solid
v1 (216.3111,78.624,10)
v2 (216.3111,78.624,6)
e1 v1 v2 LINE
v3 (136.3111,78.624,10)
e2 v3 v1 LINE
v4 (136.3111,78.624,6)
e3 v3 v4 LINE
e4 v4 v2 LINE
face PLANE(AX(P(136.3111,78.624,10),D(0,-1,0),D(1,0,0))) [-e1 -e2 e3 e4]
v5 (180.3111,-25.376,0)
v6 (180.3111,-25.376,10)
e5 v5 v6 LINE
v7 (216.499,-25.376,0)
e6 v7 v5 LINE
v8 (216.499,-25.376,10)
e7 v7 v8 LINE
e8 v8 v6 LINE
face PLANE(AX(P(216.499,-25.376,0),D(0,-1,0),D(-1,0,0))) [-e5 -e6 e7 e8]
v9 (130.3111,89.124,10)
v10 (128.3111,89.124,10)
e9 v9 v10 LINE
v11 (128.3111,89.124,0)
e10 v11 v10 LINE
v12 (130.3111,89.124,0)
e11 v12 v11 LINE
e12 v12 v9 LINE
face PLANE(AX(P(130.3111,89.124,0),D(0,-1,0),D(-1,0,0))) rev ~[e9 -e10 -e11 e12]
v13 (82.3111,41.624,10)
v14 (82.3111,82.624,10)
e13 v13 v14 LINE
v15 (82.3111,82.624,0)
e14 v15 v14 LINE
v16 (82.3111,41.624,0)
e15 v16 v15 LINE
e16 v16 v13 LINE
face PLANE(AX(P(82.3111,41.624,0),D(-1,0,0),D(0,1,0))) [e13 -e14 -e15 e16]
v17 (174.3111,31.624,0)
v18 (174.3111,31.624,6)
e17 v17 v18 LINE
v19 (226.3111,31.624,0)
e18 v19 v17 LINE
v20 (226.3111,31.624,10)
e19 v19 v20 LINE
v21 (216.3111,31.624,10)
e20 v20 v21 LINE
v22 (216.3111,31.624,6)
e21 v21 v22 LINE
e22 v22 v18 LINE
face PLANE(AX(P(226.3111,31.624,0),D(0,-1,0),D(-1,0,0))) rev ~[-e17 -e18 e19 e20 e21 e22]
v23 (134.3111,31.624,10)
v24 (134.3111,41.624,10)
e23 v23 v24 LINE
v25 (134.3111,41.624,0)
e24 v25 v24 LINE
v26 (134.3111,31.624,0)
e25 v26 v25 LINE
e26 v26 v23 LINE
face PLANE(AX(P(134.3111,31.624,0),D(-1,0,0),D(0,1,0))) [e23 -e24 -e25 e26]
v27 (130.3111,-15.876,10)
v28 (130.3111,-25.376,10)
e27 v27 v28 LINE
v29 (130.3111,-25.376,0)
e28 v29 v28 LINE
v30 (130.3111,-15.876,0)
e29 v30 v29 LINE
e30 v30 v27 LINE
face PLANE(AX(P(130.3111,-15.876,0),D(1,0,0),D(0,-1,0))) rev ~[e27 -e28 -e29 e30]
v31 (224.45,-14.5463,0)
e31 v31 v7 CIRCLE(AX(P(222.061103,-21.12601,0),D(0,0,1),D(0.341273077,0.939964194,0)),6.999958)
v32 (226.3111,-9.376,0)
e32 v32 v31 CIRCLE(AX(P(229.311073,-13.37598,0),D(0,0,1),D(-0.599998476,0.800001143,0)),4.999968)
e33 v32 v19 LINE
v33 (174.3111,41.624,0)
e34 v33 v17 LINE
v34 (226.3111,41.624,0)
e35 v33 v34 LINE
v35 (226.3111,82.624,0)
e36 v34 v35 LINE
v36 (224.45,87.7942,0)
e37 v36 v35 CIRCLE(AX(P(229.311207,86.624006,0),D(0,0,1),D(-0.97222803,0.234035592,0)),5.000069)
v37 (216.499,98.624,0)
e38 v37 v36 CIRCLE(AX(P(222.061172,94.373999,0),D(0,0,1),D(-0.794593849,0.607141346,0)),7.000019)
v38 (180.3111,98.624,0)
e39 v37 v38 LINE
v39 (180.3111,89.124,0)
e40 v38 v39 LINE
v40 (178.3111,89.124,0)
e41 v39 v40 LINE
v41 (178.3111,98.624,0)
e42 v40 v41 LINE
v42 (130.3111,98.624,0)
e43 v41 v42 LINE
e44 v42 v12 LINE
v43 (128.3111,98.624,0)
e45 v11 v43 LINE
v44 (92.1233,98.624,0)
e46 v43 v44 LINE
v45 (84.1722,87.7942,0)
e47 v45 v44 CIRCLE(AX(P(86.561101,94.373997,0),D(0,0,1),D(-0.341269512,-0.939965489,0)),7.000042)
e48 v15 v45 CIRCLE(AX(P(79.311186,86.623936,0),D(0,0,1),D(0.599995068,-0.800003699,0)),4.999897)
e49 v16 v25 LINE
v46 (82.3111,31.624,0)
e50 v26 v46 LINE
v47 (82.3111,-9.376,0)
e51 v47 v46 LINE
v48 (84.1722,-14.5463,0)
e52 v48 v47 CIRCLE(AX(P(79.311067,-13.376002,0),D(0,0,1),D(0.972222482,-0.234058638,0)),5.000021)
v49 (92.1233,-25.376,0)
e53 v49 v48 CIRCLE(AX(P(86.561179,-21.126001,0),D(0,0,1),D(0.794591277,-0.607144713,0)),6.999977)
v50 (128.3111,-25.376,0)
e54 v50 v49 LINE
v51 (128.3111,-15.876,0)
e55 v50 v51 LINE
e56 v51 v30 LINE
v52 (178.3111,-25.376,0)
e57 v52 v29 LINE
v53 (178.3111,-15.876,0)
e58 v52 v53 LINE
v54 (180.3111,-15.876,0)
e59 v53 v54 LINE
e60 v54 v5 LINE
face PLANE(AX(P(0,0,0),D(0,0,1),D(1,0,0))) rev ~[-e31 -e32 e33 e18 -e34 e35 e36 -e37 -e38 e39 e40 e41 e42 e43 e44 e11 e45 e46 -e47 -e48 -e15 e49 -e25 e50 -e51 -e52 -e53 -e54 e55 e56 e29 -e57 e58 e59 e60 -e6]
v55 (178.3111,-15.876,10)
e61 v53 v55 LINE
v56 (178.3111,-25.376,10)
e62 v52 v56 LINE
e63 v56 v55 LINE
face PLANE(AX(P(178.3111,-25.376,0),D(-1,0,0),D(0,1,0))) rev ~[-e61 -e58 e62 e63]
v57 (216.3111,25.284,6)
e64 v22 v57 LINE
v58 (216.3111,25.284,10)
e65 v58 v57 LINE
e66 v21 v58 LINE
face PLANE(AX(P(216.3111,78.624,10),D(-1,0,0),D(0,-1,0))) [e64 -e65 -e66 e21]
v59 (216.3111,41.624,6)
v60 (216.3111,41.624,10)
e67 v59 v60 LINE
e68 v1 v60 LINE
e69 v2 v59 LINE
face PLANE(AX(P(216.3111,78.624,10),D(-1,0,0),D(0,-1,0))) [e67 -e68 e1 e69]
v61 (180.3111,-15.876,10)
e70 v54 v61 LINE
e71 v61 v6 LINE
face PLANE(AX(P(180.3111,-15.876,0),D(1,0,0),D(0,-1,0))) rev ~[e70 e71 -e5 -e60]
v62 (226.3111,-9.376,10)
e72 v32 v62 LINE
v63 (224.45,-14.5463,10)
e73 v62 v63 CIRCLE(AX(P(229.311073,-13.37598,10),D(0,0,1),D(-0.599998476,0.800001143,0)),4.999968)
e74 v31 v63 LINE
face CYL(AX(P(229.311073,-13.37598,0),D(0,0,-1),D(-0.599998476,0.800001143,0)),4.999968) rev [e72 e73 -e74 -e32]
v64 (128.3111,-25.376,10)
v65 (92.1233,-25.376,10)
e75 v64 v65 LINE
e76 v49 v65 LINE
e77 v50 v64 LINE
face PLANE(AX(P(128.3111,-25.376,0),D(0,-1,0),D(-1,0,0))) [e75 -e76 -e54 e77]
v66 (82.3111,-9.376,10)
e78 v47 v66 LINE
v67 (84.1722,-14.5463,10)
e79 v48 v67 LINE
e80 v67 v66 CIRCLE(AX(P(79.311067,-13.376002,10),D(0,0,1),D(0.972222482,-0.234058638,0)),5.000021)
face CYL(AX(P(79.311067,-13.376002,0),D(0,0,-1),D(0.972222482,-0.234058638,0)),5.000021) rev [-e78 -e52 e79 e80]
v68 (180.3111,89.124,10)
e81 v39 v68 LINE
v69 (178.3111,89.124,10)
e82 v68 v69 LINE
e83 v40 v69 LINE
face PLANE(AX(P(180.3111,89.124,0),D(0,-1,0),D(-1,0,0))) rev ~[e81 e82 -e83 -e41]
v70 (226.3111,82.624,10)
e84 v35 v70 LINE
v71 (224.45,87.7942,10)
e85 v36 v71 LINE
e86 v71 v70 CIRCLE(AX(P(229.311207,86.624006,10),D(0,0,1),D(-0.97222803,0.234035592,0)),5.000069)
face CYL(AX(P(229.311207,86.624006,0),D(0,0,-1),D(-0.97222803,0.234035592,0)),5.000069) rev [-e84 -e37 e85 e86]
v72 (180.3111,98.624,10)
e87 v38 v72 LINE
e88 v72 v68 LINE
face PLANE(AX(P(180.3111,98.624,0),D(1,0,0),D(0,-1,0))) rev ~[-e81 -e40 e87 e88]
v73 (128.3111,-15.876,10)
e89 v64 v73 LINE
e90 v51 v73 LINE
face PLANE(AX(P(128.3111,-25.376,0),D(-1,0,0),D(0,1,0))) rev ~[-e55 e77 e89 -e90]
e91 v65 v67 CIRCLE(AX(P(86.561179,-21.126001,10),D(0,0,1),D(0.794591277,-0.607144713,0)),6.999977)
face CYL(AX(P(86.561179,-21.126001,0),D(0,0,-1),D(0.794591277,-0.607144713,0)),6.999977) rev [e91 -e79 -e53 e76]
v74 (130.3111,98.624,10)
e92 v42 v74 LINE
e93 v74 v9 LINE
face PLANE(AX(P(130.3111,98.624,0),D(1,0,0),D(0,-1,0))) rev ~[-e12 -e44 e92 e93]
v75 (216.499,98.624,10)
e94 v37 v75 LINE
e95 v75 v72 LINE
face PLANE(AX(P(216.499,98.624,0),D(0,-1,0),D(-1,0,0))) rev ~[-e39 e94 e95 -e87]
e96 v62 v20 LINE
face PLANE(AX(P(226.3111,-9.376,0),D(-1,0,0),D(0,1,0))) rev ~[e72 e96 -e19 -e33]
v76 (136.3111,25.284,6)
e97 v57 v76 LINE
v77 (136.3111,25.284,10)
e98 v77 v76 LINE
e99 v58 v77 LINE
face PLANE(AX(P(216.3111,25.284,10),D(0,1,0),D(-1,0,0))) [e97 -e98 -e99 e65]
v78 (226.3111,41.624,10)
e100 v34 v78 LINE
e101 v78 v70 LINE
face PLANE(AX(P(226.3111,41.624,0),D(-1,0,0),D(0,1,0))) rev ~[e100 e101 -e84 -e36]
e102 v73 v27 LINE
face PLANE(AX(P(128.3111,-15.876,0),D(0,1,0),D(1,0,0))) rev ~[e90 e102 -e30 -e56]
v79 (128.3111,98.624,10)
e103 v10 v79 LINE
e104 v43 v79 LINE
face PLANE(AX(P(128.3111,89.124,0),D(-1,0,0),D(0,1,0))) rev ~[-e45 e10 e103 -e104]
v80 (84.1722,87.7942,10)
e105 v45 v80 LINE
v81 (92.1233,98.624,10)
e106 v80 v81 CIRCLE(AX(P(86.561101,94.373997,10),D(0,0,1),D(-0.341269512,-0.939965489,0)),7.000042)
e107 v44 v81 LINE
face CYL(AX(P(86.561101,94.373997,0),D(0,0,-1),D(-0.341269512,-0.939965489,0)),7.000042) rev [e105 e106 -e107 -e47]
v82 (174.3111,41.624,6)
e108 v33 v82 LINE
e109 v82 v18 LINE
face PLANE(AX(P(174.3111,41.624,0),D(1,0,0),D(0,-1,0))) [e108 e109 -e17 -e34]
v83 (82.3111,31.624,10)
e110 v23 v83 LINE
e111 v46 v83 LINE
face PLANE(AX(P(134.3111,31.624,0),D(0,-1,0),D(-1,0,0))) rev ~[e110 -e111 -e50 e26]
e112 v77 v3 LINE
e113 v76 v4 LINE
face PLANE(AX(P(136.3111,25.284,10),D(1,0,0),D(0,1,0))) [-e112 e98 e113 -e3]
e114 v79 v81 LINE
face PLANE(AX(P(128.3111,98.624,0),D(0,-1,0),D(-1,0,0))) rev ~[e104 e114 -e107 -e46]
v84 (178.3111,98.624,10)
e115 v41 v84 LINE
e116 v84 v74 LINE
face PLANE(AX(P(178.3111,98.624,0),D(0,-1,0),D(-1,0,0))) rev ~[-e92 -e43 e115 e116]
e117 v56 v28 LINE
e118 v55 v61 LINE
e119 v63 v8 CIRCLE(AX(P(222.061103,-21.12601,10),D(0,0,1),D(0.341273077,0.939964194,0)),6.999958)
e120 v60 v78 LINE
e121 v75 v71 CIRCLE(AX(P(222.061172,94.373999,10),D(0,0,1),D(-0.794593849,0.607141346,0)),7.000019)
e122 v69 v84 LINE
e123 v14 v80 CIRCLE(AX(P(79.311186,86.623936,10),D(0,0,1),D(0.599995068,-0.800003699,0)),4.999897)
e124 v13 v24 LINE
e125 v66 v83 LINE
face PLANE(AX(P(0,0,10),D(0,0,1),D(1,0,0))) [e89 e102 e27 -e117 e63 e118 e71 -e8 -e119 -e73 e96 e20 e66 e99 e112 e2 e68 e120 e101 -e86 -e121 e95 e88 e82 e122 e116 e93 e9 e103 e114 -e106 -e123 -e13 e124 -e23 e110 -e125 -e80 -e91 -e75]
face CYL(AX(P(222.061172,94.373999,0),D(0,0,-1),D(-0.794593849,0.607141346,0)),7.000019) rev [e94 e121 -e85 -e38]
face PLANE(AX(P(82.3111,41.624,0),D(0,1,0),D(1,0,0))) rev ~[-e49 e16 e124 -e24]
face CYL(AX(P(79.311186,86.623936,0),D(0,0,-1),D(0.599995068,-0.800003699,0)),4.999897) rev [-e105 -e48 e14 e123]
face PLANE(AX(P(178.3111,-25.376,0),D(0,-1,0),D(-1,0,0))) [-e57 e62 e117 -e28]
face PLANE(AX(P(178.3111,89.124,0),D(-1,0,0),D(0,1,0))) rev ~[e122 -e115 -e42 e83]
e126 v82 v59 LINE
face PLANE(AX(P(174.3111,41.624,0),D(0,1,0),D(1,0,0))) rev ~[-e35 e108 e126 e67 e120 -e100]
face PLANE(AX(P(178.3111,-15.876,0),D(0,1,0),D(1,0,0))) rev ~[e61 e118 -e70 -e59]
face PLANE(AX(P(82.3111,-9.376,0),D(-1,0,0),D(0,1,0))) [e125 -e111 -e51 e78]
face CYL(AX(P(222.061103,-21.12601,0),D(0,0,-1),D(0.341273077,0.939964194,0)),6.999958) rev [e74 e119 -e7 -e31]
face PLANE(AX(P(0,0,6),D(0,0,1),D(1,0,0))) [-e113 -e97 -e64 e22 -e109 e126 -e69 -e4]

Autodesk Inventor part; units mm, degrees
ref_plane "YZ Plane" through (0, 0, 0) normal (1, 0, 0) x (0, 1, 0)
ref_plane "XZ Plane" through (0, 0, 0) normal (0, 1, 0) x (-1, 0, 0)
ref_plane "XY Plane" through (0, 0, 0) normal (0, 0, 1) x (1, 0, 0)
sketch "Эскиз1" plane through (0, 0, 0) normal (0, 0, 1) x (1, 0, 0)
  line L0 (174.3111, 41.624) -> (226.3111, 41.624) projected
  line L1 (134.3111, 31.624) -> (82.3111, 31.624) projected
  line L2 (174.3111, 41.624) -> (174.3111, 31.624) projected
  line L3 (149.3111, 46.624) -> (159.3111, 46.624) projected
  line L4 (149.3111, 46.624) -> (149.3111, 86.624) projected
  line L5 (149.3111, 86.624) -> (159.3111, 86.624) projected
  line L6 (159.3111, 86.624) -> (159.3111, 46.624) projected
  line L7 (134.3111, 31.624) -> (134.3111, 41.624) projected
  line L8 (226.3111, 31.624) -> (174.3111, 31.624) projected
  line L9 (82.3111, 41.624) -> (134.3111, 41.624) projected
  line L10 (226.3111, 41.624) -> (226.3111, 82.624) projected
  arc A0 (216.499, 98.624) -> (224.45, 87.7942) centre (222.0611, 94.374) ccw projected
  line L11 (216.499, 98.624) -> (180.3111, 98.624) projected
  line L12 (180.3111, 98.624) -> (180.3111, 89.124) projected
  line L13 (180.3111, 89.124) -> (178.3111, 89.124) projected
  line L14 (178.3111, 89.124) -> (178.3111, 98.624) projected
  line L15 (178.3111, 98.624) -> (130.3111, 98.624) projected
  line L16 (130.3111, 98.624) -> (130.3111, 89.124) projected
  line L17 (130.3111, 89.124) -> (128.3111, 89.124) projected
  line L18 (128.3111, 89.124) -> (128.3111, 98.624) projected
  line L19 (128.3111, 98.624) -> (92.1233, 98.624) projected
  arc A1 (84.1722, 87.7942) -> (92.1233, 98.624) centre (86.5611, 94.374) ccw projected
  line L20 (82.3111, -9.376) -> (82.3111, 31.624) projected
  arc A2 (92.1233, -25.376) -> (84.1722, -14.5463) centre (86.5611, -21.126) ccw projected
  line L21 (128.3111, -25.376) -> (92.1233, -25.376) projected
  line L22 (128.3111, -25.376) -> (128.3111, -15.876) projected
  line L23 (128.3111, -15.876) -> (130.3111, -15.876) projected
  line L24 (130.3111, -15.876) -> (130.3111, -25.376) projected
  line L25 (178.3111, -25.376) -> (130.3111, -25.376) projected
  line L26 (178.3111, -25.376) -> (178.3111, -15.876) projected
  line L27 (178.3111, -15.876) -> (180.3111, -15.876) projected
  line L28 (180.3111, -15.876) -> (180.3111, -25.376) projected
  line L29 (216.499, -25.376) -> (180.3111, -25.376) projected
  arc A3 (224.45, -14.5463) -> (216.499, -25.376) centre (222.0611, -21.126) ccw projected
  line L30 (159.3111, 26.624) -> (149.3111, 26.624) projected
  line L31 (159.3111, 26.624) -> (159.3111, -13.376) projected
  line L32 (159.3111, -13.376) -> (149.3111, -13.376) projected
  line L33 (149.3111, -13.376) -> (149.3111, 26.624) projected
  arc A4 (224.45, 87.7942) -> (226.3111, 82.624) centre (229.3111, 86.624) ccw projected
  arc A5 (84.1722, -14.5463) -> (82.3111, -9.376) centre (79.3111, -13.376) ccw projected
  arc A6 (82.3111, 82.624) -> (84.1722, 87.7942) centre (79.3111, 86.624) ccw projected
  arc A7 (226.3111, -9.376) -> (224.45, -14.5463) centre (229.3111, -13.376) ccw projected
  line L34 (226.3111, -9.376) -> (226.3111, 31.624) projected
  line L35 (82.3111, 41.624) -> (82.3111, 82.624) projected
  point P0 (0, 0)
  point P1 (179.3111, -15.876)
  point P2 (129.3111, -15.876)
  point P3 (70.835, 120.6534)
  point P4 (129.3111, 89.124)
  point P5 (179.3111, 89.124)
  point P6 (242.2845, 49.4059)
  point P7 (79.3111, -13.376)
  point P8 (229.3111, -13.376)
extrude "Выдавливание1" add sketch "Эскиз1" along normal blind 10 contours L2 L8 L34 A7 A3 L29 L28 L27 L26 L25 L24 L23 L22 L21 A2 A5 L20 L1 L7 L9 L35 A6 A1 L19 L18 L17 L16 L15 L14 L13 L12 L11 A0 A4 L10 L0 | L4 L5 L6 L3 | L31 L32 L33 L30
sketch "Эскиз2" plane through (0, 0, 10) normal (0, 0, 1) x (1, 0, 0)
  line L0 (216.3111, 25.284) -> (136.3111, 25.284)
  line L1 (136.3111, 25.284) -> (136.3111, 78.624)
  line L2 (136.3111, 78.624) -> (216.3111, 78.624)
  line L3 (216.3111, 78.624) -> (216.3111, 25.284)
  line L4 (226.3111, 41.624) -> (226.3111, 82.624) projected
  line L5 (216.499, 98.624) -> (180.3111, 98.624) projected
  point P0 (0, 0)
  point P1 (231.3111, -8.7934)
  point P2 (231.3111, 82.0414)
  point P3 (226.3111, 82.624)
  dimension "d14" = 80
  dimension "d15" = 53.34
  dimension "d58" = 20
  dimension "d59" = 10
extrude "Выдавливание2" cut sketch "Эскиз2" against normal blind 4
properties part number "Каркас"
